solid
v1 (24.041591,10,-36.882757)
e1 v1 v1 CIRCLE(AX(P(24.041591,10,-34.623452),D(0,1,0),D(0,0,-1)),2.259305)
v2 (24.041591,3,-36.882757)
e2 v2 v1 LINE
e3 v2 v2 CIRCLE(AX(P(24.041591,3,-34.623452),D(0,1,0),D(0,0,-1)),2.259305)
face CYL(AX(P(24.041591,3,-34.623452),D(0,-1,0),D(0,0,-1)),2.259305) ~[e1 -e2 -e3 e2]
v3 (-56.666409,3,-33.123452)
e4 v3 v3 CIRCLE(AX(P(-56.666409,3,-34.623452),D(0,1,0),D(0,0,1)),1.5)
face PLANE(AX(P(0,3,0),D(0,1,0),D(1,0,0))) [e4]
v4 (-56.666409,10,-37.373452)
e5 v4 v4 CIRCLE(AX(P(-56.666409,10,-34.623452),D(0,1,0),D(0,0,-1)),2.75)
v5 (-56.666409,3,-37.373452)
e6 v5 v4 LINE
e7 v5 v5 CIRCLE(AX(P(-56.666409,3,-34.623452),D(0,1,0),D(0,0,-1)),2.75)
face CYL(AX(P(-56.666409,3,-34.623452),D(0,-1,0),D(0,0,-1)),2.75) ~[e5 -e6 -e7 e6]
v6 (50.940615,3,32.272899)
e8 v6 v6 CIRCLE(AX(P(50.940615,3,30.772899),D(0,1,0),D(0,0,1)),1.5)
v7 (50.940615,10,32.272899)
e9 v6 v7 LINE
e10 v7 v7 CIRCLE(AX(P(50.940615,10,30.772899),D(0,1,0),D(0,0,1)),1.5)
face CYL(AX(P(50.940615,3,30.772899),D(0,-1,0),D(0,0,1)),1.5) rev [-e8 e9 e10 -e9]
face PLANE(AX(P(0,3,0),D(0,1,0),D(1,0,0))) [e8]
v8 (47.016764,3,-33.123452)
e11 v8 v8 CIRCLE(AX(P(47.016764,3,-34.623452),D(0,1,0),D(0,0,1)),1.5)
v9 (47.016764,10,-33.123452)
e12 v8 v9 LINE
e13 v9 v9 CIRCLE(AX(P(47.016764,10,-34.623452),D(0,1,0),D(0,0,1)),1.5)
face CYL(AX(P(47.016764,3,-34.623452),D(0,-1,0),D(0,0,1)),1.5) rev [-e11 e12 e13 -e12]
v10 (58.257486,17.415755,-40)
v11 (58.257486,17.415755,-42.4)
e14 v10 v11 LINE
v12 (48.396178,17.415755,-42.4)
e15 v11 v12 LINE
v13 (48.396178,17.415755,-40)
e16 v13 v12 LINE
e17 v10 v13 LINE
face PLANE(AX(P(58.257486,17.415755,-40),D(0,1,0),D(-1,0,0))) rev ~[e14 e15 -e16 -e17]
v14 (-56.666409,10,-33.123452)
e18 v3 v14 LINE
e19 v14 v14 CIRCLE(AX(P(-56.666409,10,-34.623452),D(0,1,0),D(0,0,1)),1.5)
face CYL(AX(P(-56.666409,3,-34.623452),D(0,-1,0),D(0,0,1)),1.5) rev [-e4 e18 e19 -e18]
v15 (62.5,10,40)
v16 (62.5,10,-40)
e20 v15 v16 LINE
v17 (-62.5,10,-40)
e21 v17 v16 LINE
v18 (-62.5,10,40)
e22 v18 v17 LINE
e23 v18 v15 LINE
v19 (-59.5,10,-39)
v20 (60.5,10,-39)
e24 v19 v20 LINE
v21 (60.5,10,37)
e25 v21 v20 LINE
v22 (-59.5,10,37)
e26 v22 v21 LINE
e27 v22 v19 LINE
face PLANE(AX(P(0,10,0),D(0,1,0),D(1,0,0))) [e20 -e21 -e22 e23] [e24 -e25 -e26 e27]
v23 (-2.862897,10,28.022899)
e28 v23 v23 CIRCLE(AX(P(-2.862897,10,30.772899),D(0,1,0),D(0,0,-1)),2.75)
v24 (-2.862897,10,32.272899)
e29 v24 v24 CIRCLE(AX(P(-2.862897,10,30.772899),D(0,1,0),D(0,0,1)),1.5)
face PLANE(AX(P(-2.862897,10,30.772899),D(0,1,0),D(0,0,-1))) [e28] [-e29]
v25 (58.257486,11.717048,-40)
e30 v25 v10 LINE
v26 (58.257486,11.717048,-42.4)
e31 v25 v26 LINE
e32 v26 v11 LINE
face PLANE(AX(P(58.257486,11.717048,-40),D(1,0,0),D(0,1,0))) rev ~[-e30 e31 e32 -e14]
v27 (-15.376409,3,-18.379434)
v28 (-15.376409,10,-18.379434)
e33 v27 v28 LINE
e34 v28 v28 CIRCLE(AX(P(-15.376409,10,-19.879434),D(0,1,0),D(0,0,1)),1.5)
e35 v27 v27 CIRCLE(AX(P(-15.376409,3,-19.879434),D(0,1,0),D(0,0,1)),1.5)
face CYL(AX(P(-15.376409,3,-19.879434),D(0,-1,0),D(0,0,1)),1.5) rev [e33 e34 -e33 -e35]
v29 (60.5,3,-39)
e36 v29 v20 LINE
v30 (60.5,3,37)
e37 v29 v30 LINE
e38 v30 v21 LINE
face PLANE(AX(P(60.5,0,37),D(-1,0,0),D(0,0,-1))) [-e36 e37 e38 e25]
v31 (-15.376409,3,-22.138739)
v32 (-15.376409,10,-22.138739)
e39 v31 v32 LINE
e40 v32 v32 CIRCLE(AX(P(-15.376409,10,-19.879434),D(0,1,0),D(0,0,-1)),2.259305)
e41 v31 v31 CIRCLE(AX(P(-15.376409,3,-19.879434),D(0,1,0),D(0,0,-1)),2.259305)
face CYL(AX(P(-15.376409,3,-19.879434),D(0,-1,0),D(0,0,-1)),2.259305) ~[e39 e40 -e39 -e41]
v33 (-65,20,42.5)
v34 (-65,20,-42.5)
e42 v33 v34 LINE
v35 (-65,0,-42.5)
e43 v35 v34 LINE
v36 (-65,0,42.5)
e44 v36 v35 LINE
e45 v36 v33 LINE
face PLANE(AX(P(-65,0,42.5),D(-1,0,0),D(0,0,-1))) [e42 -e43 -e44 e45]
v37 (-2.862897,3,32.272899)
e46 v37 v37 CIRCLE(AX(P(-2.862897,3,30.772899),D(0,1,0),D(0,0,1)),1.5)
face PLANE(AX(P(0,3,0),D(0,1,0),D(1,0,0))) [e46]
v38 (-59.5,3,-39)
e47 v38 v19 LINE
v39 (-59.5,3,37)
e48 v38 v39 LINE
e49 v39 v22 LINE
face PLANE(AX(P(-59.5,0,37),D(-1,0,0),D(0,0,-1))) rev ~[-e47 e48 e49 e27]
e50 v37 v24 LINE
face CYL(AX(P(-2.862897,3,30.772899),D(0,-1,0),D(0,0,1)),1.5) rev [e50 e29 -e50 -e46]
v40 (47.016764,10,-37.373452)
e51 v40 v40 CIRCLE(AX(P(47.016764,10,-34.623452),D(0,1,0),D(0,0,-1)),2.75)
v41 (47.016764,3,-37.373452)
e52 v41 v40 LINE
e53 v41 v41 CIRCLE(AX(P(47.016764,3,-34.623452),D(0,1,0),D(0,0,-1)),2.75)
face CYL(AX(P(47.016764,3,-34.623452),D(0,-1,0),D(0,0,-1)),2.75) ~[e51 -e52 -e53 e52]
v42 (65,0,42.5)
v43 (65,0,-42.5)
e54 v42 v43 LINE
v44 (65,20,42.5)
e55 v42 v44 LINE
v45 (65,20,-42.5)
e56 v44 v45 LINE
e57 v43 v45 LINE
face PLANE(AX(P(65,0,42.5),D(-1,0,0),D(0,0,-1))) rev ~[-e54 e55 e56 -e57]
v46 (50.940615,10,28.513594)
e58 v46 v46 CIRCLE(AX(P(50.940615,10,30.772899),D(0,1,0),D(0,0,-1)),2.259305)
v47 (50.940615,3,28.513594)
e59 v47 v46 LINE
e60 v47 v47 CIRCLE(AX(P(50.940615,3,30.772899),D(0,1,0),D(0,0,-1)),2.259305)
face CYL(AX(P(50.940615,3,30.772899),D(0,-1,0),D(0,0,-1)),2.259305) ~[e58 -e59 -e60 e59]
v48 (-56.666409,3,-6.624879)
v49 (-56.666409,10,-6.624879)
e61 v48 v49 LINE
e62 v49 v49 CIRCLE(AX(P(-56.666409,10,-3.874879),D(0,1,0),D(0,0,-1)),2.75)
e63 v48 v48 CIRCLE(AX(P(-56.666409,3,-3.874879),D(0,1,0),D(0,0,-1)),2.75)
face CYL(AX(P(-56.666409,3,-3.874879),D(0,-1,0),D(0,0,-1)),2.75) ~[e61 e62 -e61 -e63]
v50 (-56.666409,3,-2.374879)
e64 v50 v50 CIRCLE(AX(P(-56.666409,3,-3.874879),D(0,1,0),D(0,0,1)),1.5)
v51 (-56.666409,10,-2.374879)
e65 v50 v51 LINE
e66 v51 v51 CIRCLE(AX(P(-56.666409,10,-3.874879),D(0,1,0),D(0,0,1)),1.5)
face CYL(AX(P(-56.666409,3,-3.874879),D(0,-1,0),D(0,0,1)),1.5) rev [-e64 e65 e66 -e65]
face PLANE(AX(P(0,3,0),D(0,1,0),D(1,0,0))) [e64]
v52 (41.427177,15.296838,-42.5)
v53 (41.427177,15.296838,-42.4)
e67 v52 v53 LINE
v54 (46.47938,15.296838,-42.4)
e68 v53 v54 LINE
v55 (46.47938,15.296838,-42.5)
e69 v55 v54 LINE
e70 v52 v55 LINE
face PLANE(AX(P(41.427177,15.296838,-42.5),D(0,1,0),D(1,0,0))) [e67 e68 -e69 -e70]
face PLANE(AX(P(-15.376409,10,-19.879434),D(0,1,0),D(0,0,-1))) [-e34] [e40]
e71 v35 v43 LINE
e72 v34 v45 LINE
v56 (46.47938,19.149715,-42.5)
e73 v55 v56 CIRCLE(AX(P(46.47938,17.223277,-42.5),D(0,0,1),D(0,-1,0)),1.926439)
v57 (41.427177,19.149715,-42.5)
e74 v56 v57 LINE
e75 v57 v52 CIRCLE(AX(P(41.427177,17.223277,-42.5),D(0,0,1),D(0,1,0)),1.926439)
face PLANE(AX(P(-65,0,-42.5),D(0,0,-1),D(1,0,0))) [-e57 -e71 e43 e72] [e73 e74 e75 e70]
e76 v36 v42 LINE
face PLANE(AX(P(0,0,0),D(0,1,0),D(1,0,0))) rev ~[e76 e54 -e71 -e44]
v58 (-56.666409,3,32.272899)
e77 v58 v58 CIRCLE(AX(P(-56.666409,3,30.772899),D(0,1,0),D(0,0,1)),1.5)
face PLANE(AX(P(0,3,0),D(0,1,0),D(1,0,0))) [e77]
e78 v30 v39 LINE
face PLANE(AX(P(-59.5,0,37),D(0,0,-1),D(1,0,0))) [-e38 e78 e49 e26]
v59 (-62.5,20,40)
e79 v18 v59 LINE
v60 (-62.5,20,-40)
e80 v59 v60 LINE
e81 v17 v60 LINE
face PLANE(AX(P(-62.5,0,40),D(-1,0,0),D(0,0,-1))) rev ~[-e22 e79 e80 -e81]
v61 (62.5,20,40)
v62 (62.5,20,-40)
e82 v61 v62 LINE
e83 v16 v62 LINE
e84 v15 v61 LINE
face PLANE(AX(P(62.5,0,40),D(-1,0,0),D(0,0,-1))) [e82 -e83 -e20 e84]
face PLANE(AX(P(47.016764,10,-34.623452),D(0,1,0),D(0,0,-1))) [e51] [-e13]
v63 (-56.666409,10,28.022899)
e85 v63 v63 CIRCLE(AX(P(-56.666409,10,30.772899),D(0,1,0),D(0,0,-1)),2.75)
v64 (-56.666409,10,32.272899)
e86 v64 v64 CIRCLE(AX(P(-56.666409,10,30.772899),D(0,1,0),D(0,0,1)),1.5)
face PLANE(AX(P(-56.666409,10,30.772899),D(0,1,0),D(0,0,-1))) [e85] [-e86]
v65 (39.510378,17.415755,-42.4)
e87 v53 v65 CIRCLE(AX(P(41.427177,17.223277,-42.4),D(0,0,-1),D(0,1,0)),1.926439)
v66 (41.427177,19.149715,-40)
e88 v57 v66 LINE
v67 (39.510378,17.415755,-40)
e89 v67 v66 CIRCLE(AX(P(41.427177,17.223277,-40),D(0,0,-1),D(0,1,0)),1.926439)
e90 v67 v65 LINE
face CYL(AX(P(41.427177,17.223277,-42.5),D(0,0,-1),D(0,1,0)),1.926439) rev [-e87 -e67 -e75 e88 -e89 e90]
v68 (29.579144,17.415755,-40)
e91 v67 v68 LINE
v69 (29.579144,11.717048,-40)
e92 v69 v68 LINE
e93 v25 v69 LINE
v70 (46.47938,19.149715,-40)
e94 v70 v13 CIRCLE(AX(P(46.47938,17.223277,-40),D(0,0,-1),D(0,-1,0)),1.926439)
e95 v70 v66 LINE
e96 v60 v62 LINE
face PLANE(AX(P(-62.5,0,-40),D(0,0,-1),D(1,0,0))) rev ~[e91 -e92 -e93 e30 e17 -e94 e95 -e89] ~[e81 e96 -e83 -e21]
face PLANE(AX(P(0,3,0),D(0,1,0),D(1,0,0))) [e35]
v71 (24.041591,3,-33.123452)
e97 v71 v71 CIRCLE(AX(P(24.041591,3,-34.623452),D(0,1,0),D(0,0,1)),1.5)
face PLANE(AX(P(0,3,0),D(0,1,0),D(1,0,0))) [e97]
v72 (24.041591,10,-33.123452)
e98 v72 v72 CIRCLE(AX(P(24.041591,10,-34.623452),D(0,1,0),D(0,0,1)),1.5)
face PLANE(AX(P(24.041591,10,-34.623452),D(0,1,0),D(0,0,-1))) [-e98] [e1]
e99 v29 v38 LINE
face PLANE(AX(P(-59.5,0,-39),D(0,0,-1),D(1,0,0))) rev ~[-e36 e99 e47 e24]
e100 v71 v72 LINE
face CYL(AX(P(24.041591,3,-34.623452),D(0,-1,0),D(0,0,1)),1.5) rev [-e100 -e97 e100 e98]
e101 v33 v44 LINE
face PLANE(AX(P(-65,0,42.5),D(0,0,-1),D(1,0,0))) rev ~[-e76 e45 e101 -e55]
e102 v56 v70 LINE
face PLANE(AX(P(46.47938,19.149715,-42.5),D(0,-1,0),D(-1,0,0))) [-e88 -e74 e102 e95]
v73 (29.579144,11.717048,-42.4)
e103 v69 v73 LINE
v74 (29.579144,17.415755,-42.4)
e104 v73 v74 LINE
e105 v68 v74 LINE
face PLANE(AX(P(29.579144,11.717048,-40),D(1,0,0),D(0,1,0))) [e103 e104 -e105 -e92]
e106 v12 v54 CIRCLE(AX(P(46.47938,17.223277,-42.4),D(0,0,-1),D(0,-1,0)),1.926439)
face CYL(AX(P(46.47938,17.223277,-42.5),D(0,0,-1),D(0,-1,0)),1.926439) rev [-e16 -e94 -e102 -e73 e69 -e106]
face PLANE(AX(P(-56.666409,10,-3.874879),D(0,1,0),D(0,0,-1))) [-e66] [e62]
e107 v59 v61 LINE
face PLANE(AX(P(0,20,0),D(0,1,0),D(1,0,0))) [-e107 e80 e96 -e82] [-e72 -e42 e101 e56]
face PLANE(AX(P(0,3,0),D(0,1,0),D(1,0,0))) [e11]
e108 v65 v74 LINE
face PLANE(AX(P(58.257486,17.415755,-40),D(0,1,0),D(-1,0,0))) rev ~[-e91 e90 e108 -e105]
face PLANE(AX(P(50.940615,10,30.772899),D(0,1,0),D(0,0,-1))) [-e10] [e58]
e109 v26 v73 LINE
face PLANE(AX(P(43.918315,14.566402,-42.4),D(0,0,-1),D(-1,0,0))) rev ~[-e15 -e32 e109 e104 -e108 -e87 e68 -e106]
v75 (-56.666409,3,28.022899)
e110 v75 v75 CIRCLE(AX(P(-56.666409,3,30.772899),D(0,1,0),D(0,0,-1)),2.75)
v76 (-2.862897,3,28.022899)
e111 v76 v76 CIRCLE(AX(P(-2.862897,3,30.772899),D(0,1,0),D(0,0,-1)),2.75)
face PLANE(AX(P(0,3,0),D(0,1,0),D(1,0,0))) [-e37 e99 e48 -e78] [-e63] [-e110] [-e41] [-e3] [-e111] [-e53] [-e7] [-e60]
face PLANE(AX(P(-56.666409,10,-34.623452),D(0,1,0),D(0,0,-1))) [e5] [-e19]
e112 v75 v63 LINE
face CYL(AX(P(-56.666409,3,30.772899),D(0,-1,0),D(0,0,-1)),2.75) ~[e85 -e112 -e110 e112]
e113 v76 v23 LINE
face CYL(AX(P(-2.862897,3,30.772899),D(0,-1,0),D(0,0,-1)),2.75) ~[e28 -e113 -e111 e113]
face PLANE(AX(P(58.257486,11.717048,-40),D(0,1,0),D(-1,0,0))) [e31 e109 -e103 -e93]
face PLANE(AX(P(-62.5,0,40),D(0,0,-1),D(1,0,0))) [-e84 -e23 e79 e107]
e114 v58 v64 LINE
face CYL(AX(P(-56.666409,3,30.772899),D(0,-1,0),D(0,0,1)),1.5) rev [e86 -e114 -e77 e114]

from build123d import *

# Parameters (mm, degrees)
SKETCH1_W           = 125
SKETCH1_H           = 80
BOSS_EXTRUDE1_DEPTH = 3
SKETCH1_3_W         = 130
SKETCH1_3_H         = 85
SKETCH1_3_W_2       = 125
SKETCH1_3_H_2       = 80
BOSS_EXTRUDE2_DEPTH = 20
SKETCH2_W           = 125
SKETCH2_H           = 80
SKETCH2_W_2         = 120
SKETCH2_H_2         = 76
BOSS_EXTRUDE3_DEPTH = 10
SKETCH3_W           = 28.6783421
SKETCH3_H           = 5.698707123
CUT_EXTRUDE1_DEPTH  = 2.4
CUT_EXTRUDE2_DEPTH  = 3
SKETCH5_R           = 2.75
SKETCH5_R_2         = 1.5
SKETCH5_R_3         = 2.259305414
BOSS_EXTRUDE4_DEPTH = 7


with BuildPart() as part:
    # Sketch1 → Boss-Extrude1 (new body)
    with BuildSketch(Plane(origin=(0, 0, 0), x_dir=(1, 0, 0), z_dir=(0, 1, 0))):
        Rectangle(SKETCH1_W, SKETCH1_H)
    extrude(amount=BOSS_EXTRUDE1_DEPTH)

    # Sketch1<3> → Boss-Extrude2 (add)
    with BuildSketch(Plane(origin=(0, 0, 0), x_dir=(1, 0, 0), z_dir=(0, 1, 0))):
        Rectangle(SKETCH1_3_W, SKETCH1_3_H)
        Rectangle(SKETCH1_3_W_2, SKETCH1_3_H_2, mode=Mode.SUBTRACT)
    extrude(amount=BOSS_EXTRUDE2_DEPTH)

    # Sketch2 → Boss-Extrude3 (add)
    with BuildSketch(Plane(origin=(0, 0, 0), x_dir=(1, 0, 0), z_dir=(0, 1, 0))):
        Rectangle(SKETCH2_W, SKETCH2_H)
        with Locations((0.5, 1)):
            Rectangle(SKETCH2_W_2, SKETCH2_H_2, mode=Mode.SUBTRACT)
    extrude(amount=BOSS_EXTRUDE3_DEPTH)

    # Sketch3 → Cut-Extrude1 (cut)
    with BuildSketch(Plane(origin=(0, 0, -40), x_dir=(-1, 0, 0), z_dir=(0, 0, -1))):
        with Locations((-43.918315426, 14.566401795)):
            Rectangle(SKETCH3_W, SKETCH3_H)
    extrude(amount=CUT_EXTRUDE1_DEPTH, mode=Mode.SUBTRACT)

    # Sketch4 → Cut-Extrude2 (cut)
    with BuildSketch(Plane(origin=(0, 0, -42.5), x_dir=(-1, 0, 0), z_dir=(0, 0, -1))):
        with BuildLine():
            Line((-46.479379668, 19.149715293), (-41.427177158, 19.149715293))
            ThreePointArc((-41.427177158, 19.149715293), (-39.500738632, 17.223276767), (-41.427177158, 15.296838241))
            Line((-41.427177158, 15.296838241), (-46.479379668, 15.296838241))
            ThreePointArc((-46.479379668, 15.296838241), (-48.405818194, 17.223276767), (-46.479379668, 19.149715293))
        make_face()
    extrude(amount=-CUT_EXTRUDE2_DEPTH, mode=Mode.SUBTRACT)

    # Sketch5 → Boss-Extrude4 (add)
    # profile 1 of 8: a face of its own
    with BuildSketch(Plane(origin=(0, 3, 0), x_dir=(1, 0, 0), z_dir=(0, 1, 0))):
        with Locations((-56.666408857, -30.772899219)):
            Circle(SKETCH5_R)
        with Locations((-56.666408857, -30.772899219)):
            Circle(SKETCH5_R_2, mode=Mode.SUBTRACT)
    # profile 2 of 8: a face of its own
    with BuildSketch(Plane(origin=(0, 3, 0), x_dir=(1, 0, 0), z_dir=(0, 1, 0))):
        with Locations((-56.666408857, 34.623451832)):
            Circle(SKETCH5_R)
        with Locations((-56.666408857, 34.623451832)):
            Circle(SKETCH5_R_2, mode=Mode.SUBTRACT)
    # profile 3 of 8: a face of its own
    with BuildSketch(Plane(origin=(0, 3, 0), x_dir=(1, 0, 0), z_dir=(0, 1, 0))):
        with Locations((-56.666408857, 3.874879483)):
            Circle(SKETCH5_R)
        with Locations((-56.666408857, 3.874879483)):
            Circle(SKETCH5_R_2, mode=Mode.SUBTRACT)
    # profile 4 of 8: a face of its own
    with BuildSketch(Plane(origin=(0, 3, 0), x_dir=(1, 0, 0), z_dir=(0, 1, 0))):
        with Locations((-15.376408857, 19.879433801)):
            Circle(SKETCH5_R_3)
        with Locations((-15.376408857, 19.879433801)):
            Circle(SKETCH5_R_2, mode=Mode.SUBTRACT)
    # profile 5 of 8: a face of its own
    with BuildSketch(Plane(origin=(0, 3, 0), x_dir=(1, 0, 0), z_dir=(0, 1, 0))):
        with Locations((24.041591143, 34.623451832)):
            Circle(SKETCH5_R_3)
        with Locations((24.041591143, 34.623451832)):
            Circle(SKETCH5_R_2, mode=Mode.SUBTRACT)
    # profile 6 of 8: a face of its own
    with BuildSketch(Plane(origin=(0, 3, 0), x_dir=(1, 0, 0), z_dir=(0, 1, 0))):
        with Locations((50.940615446, -30.772899219)):
            Circle(SKETCH5_R_3)
        with Locations((50.940615446, -30.772899219)):
            Circle(SKETCH5_R_2, mode=Mode.SUBTRACT)
    # profile 7 of 8: a face of its own
    with BuildSketch(Plane(origin=(0, 3, 0), x_dir=(1, 0, 0), z_dir=(0, 1, 0))):
        with Locations((-2.862896706, -30.772899219)):
            Circle(SKETCH5_R)
        with Locations((-2.862896706, -30.772899219)):
            Circle(SKETCH5_R_2, mode=Mode.SUBTRACT)
    # profile 8 of 8: a face of its own
    with BuildSketch(Plane(origin=(0, 3, 0), x_dir=(1, 0, 0), z_dir=(0, 1, 0))):
        with Locations((47.016763874, 34.623451832)):
            Circle(SKETCH5_R)
        with Locations((47.016763874, 34.623451832)):
            Circle(SKETCH5_R_2, mode=Mode.SUBTRACT)
    extrude(amount=BOSS_EXTRUDE4_DEPTH)


solid = part.part
